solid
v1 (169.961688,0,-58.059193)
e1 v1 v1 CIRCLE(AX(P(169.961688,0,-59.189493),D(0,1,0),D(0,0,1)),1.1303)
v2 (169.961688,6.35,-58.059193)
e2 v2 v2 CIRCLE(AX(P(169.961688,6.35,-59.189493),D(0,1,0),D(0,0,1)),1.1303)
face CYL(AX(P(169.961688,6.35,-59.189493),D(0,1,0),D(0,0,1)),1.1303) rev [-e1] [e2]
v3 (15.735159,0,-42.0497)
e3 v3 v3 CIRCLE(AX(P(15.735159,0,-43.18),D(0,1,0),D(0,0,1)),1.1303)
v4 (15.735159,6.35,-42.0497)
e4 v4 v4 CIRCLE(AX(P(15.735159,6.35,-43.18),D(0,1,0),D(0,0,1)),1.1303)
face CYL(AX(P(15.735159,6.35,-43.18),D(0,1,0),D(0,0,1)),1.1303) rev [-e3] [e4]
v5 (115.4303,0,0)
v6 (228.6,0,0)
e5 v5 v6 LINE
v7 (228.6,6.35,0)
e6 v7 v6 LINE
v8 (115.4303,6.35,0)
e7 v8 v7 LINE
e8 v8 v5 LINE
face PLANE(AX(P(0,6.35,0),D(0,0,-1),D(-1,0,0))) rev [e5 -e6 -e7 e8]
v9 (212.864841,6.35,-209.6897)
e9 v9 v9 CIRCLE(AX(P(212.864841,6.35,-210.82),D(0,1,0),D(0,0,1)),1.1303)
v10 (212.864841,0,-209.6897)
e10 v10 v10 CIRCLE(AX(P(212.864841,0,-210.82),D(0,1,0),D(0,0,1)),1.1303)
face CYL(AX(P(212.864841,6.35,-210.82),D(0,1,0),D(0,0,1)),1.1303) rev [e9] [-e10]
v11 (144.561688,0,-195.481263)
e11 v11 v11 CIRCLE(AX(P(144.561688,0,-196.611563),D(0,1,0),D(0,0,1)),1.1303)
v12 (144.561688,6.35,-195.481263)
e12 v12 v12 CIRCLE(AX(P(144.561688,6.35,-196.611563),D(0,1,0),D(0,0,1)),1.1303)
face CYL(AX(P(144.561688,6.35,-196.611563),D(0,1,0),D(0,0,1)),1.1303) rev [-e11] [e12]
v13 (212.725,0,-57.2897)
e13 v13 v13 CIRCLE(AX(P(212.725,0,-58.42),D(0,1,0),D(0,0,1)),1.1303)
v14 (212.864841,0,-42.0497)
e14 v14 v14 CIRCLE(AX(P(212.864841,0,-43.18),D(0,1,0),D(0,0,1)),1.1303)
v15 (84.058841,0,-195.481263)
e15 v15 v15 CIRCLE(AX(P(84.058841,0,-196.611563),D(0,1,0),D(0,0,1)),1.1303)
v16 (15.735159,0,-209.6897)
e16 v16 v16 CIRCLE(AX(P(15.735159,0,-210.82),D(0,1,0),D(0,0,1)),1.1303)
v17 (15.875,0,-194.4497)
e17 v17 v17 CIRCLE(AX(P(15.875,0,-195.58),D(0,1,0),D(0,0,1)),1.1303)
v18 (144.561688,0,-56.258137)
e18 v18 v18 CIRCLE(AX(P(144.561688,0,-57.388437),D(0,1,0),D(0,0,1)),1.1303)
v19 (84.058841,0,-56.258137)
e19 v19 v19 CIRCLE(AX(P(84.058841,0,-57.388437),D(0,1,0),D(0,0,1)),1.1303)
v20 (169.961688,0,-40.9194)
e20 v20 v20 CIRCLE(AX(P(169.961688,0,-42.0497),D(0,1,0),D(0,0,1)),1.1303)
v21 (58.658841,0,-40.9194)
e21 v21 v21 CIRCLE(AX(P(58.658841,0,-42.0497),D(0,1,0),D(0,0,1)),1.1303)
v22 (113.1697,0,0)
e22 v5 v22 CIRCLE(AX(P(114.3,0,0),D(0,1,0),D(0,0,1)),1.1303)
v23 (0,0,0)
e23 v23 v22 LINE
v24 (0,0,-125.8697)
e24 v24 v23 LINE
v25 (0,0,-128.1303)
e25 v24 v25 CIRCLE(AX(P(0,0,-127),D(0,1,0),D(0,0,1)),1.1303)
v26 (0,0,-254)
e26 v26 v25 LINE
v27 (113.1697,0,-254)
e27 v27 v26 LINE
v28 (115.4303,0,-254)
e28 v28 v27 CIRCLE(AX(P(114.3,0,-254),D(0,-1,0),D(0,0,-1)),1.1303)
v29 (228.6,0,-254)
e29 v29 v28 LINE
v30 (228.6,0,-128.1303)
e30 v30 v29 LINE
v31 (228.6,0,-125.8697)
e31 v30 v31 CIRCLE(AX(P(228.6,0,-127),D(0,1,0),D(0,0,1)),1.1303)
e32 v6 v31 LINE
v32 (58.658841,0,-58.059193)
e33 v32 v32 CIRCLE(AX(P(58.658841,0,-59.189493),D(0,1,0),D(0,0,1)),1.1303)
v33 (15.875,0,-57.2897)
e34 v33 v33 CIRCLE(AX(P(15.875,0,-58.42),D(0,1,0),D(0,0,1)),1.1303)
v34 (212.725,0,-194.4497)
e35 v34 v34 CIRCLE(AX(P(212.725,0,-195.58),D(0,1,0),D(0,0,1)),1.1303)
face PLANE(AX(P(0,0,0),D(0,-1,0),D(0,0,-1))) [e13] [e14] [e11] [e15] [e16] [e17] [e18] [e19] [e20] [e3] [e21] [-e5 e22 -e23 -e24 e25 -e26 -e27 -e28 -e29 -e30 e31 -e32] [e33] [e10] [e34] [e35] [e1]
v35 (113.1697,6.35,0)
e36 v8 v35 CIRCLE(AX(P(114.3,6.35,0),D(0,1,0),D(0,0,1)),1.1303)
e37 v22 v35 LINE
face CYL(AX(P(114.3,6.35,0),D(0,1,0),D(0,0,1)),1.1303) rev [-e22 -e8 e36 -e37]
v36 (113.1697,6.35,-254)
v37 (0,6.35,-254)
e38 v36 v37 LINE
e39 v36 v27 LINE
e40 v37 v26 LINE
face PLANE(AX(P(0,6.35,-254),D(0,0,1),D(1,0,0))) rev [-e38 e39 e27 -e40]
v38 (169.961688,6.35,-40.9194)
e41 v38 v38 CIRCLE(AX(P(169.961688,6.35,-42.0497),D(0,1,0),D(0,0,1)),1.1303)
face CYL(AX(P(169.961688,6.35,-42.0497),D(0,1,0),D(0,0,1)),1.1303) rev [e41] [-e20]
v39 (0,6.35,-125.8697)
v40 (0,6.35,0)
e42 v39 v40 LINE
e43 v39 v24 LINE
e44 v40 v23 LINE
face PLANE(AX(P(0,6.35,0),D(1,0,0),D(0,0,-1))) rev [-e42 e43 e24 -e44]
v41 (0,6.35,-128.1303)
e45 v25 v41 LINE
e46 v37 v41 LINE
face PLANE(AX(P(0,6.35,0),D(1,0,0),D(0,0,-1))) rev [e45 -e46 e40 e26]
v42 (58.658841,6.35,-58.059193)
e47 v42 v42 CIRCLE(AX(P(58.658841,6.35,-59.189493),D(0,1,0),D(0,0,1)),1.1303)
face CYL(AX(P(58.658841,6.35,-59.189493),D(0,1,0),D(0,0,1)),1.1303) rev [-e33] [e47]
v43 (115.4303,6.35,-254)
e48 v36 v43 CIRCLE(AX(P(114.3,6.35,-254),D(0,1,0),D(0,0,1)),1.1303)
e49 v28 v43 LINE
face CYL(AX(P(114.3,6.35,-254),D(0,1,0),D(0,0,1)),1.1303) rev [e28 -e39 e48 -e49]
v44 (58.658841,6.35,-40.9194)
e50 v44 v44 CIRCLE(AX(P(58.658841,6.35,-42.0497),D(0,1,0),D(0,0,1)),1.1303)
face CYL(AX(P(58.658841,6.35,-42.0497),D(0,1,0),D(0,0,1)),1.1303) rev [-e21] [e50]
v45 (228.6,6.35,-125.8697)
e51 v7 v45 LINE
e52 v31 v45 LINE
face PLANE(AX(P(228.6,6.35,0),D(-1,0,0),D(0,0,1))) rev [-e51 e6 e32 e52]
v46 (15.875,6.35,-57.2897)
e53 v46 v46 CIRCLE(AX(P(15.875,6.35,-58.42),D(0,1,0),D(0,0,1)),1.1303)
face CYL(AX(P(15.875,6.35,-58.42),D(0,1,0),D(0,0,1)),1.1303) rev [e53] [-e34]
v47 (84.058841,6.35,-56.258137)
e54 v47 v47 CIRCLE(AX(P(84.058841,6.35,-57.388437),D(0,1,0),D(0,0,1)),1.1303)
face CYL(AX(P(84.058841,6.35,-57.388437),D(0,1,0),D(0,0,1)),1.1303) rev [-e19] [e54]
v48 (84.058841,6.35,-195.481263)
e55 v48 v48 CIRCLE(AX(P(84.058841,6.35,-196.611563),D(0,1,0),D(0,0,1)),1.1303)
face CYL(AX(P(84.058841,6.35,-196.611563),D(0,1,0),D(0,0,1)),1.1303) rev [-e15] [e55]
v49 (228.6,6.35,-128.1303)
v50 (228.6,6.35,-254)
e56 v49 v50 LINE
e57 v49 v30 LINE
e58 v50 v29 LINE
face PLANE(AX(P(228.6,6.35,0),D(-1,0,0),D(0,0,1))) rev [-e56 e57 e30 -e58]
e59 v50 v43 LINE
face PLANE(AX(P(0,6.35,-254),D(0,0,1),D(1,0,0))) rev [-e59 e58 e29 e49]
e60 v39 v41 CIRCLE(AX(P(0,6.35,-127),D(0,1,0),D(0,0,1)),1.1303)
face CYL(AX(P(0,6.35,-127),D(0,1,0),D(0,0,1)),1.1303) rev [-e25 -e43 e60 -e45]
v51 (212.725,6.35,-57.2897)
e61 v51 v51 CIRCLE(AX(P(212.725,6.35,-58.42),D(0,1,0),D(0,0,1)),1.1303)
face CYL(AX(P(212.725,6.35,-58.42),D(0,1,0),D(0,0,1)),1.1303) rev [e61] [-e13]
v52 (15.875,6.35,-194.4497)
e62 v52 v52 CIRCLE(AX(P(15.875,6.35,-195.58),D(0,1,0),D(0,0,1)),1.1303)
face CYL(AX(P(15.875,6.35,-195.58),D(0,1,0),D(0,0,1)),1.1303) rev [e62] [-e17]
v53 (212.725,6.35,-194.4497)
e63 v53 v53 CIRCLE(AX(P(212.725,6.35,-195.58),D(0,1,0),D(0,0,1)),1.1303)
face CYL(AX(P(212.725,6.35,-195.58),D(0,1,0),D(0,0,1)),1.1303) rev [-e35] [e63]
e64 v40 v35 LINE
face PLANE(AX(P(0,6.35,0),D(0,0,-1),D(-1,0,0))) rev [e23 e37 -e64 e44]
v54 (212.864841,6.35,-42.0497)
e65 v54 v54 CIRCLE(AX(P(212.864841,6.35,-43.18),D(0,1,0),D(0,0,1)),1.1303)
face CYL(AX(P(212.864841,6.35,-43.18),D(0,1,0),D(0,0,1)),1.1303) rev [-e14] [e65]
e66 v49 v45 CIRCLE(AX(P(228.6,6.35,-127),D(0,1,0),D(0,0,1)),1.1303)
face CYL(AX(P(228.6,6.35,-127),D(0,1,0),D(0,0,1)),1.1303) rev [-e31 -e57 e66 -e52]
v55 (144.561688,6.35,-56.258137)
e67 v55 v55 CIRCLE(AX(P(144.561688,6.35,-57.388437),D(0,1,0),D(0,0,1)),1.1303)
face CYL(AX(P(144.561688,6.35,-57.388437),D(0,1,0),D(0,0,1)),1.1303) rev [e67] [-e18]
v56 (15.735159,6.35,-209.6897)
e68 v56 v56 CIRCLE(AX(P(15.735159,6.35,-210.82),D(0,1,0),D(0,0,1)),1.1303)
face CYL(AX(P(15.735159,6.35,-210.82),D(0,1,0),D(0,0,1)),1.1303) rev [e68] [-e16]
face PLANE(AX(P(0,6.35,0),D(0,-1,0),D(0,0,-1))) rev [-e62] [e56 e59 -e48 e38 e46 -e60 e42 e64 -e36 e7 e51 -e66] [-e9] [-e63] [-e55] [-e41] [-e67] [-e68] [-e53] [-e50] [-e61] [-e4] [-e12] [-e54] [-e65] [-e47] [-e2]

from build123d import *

# Parameters (mm, degrees)
SKETCH1_W             = 228.6
SKETCH1_H             = 254
BOSS_EXTRUDE1_DEPTH   = 6.35
F_4_40_TAPPED_HOLE1_D = 2.2606
F_4_40_TAPPED_HOLE2_D = 2.2606


with BuildPart() as part:
    # Sketch1 → Boss-Extrude1 (new body)
    with BuildSketch(Plane(origin=(0, 0, 0), x_dir=(1, 0, 0), z_dir=(0, 1, 0))):
        with Locations((114.3, 127)):
            Rectangle(SKETCH1_W, SKETCH1_H)
    extrude(amount=BOSS_EXTRUDE1_DEPTH)

    # #4-40 Tapped Hole1 (through all)
    with Locations(Plane(origin=(0, 6.35, 0), x_dir=(1, 0, 0), z_dir=(0, 1, 0))):
        with Locations((15.735159407, 43.18), (15.875, 58.42), (84.05884141, 57.388437181), (144.561688198, 57.388437181), (0, 127), (144.561688198, 196.611562819), (84.05884141, 196.611562819), (15.875, 195.58), (15.735159407, 210.82), (114.3, 0), (212.864840593, 43.18), (212.725, 58.42), (212.864840593, 210.82), (212.725, 195.58), (228.6, 127), (114.3, 254)):
            Hole(F_4_40_TAPPED_HOLE1_D / 2)

    # #4-40 Tapped Hole2 (through all)
    with Locations(Plane(origin=(0, 6.35, 0), x_dir=(1, 0, 0), z_dir=(0, 1, 0))):
        with Locations((58.65884141, 59.18949303), (58.65884141, 42.0497), (169.961688198, 59.18949303), (169.961688198, 42.0497)):
            Hole(F_4_40_TAPPED_HOLE2_D / 2)


solid = part.part
